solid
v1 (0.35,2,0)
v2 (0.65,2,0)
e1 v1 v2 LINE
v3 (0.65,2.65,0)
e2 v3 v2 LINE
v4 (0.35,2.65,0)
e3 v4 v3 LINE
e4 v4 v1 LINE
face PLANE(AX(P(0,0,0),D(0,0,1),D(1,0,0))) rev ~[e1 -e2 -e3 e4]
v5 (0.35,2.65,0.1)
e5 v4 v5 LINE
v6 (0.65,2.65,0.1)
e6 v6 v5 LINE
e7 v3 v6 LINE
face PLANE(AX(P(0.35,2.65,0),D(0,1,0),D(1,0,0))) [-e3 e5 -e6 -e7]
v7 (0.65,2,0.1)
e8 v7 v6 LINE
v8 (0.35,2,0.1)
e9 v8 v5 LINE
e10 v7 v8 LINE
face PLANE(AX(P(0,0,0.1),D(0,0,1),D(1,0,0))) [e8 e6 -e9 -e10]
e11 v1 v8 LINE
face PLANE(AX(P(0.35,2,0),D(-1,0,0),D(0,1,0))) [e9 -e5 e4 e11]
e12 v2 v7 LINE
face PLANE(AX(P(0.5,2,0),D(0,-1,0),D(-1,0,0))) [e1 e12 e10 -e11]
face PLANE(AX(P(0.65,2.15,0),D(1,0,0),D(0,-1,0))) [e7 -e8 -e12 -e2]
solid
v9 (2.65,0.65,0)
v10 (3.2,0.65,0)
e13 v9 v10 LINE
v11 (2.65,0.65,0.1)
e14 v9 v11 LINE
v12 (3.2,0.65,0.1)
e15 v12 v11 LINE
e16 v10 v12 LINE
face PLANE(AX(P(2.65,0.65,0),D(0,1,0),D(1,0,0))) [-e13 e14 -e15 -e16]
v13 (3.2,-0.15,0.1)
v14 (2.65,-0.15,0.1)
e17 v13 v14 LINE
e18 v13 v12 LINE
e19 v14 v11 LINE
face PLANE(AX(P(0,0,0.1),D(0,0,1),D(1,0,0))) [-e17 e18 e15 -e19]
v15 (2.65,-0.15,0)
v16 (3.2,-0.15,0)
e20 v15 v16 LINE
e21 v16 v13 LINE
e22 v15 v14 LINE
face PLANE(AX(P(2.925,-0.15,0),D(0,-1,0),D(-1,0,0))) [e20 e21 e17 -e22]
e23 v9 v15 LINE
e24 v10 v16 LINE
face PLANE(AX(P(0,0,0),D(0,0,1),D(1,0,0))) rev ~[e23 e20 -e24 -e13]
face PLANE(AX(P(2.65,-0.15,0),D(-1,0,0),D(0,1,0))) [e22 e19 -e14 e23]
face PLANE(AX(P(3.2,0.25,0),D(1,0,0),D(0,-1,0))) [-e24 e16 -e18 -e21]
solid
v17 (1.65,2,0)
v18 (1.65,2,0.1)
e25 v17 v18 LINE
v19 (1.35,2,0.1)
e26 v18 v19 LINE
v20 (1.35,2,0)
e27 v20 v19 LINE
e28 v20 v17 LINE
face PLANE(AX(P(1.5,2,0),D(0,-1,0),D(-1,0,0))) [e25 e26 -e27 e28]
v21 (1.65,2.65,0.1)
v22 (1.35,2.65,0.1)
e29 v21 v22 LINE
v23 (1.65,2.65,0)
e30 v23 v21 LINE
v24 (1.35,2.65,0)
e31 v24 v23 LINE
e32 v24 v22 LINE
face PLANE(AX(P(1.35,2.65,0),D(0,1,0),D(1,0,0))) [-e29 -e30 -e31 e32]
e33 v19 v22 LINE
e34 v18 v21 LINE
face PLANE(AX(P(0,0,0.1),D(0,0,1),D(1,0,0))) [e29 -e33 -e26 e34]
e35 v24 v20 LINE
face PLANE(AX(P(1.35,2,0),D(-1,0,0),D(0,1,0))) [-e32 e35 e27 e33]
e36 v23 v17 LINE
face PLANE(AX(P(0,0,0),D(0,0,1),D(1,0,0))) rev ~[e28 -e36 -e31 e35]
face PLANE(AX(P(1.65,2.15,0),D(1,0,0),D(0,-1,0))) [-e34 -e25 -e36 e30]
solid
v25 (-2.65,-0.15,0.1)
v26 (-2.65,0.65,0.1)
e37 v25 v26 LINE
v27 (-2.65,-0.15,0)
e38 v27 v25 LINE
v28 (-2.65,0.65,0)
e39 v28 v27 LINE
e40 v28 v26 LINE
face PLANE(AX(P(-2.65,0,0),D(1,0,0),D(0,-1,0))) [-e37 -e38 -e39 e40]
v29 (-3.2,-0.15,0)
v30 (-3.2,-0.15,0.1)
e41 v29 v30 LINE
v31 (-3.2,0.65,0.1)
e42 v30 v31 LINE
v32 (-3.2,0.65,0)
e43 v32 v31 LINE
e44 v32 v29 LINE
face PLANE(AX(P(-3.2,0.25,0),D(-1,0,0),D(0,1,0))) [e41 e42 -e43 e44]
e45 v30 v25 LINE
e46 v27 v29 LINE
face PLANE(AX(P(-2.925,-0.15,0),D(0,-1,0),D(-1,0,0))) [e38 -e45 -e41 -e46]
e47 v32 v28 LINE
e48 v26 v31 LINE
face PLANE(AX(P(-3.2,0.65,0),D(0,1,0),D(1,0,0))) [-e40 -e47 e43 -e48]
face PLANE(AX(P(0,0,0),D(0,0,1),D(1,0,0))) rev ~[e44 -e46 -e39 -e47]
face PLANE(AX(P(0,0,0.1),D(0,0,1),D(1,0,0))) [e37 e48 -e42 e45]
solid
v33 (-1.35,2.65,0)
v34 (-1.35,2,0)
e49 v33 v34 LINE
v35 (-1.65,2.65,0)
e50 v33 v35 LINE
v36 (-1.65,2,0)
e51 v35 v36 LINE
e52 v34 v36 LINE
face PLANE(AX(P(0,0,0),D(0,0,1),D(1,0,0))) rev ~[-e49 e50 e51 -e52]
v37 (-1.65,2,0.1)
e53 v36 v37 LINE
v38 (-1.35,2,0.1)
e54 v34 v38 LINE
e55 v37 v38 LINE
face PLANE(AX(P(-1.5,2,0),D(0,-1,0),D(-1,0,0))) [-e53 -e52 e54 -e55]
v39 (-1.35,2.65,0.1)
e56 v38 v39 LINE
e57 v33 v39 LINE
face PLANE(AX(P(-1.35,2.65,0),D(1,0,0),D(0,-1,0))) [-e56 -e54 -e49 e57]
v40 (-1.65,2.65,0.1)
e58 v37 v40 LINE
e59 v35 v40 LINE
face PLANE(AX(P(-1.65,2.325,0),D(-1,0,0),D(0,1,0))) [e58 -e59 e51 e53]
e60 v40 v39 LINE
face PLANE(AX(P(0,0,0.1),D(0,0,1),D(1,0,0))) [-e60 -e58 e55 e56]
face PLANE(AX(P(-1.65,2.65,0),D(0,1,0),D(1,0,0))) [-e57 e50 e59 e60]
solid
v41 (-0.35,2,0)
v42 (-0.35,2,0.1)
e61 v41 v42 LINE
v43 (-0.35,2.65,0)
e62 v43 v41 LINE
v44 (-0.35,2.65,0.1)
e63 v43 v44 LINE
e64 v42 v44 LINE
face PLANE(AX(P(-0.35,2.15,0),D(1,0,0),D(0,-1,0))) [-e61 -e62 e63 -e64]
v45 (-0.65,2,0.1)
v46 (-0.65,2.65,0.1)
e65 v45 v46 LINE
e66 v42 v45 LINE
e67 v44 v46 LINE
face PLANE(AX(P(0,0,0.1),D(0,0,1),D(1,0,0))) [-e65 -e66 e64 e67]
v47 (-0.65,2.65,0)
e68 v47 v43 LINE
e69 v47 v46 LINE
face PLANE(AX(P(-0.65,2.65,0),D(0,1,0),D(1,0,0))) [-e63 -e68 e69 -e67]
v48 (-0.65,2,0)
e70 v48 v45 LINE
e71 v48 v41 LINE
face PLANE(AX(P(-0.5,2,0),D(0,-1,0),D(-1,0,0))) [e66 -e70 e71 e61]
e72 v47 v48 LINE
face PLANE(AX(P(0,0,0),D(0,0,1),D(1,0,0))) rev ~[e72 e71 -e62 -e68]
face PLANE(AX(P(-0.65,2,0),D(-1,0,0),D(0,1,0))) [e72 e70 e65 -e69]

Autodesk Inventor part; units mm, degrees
ref_plane "YZ Plane" through (0, 0, 0) normal (1, 0, 0) x (0, 1, 0)
ref_plane "XZ Plane" through (0, 0, 0) normal (0, 1, 0) x (-1, 0, 0)
ref_plane "XY Plane" through (0, 0, 0) normal (0, 0, 1) x (1, 0, 0)
sketch "Sketch1" plane through (0, 0, 0) normal (0, 0, 1) x (1, 0, 0)
  line L0 (-1.65, 2.65) -> (-1.35, 2.65)
  line L1 (-1.35, 2.65) -> (-1.35, 2)
  line L2 (-1.35, 2) -> (-1.65, 2)
  line L3 (-1.65, 2) -> (-1.65, 2.65)
  line L4 (-0.65, 2.65) -> (-0.35, 2.65)
  line L5 (-0.35, 2.65) -> (-0.35, 2)
  line L6 (-0.35, 2) -> (-0.65, 2)
  line L7 (-0.65, 2) -> (-0.65, 2.65)
  line L8 (0.35, 2.65) -> (0.65, 2.65)
  line L9 (0.65, 2.65) -> (0.65, 2)
  line L10 (0.65, 2) -> (0.35, 2)
  line L11 (0.35, 2) -> (0.35, 2.65)
  line L12 (1.35, 2.65) -> (1.65, 2.65)
  line L13 (1.65, 2.65) -> (1.65, 2)
  line L14 (1.65, 2) -> (1.35, 2)
  line L15 (1.35, 2) -> (1.35, 2.65)
  line L16 (-1.5, 2) -> (-1.5, 2.65)
  line L17 (-1.65, 2.325) -> (-1.35, 2.325)
  line L18 (-0.65, 2.325) -> (-0.35, 2.325)
  line L19 (-0.5, 2) -> (-0.5, 2.65)
  line L20 (0.5, 2) -> (0.5, 2.65)
  line L21 (0.35, 2.325) -> (0.65, 2.325)
  line L22 (1.5, 2.65) -> (1.5, 2)
  line L23 (1.35, 2.325) -> (1.65, 2.325)
  line L24 (-3.2, 0.65) -> (-2.65, 0.65)
  line L25 (-2.65, 0.65) -> (-2.65, -0.15)
  line L26 (-2.65, -0.15) -> (-3.2, -0.15)
  line L27 (-3.2, -0.15) -> (-3.2, 0.65)
  line L28 (2.65, 0.65) -> (3.2, 0.65)
  line L29 (3.2, 0.65) -> (3.2, -0.15)
  line L30 (3.2, -0.15) -> (2.65, -0.15)
  line L31 (2.65, -0.15) -> (2.65, 0.65)
  line L32 (-2.925, 0.65) -> (-2.925, -0.15)
  line L33 (-3.2, 0.25) -> (-2.65, 0.25)
  line L34 (2.925, -0.15) -> (2.925, 0.65)
  line L35 (2.65, 0.25) -> (3.2, 0.25)
  line L36 (3.25, 2.15) -> (3.25, 0.5)
  line L37 (3.25, 0.5) -> (3, 0.5)
  line L38 (3, 0.5) -> (3, 0)
  line L39 (3, 0) -> (-3, 0)
  line L40 (-3, 0) -> (-3, 0.5)
  line L41 (-3, 0.5) -> (-3.25, 0.5)
  line L42 (-3.25, 0.5) -> (-3.25, 2.15)
  line L43 (-3.25, 2.15) -> (3.25, 2.15)
  line L44 (0, 0) -> (0, 2.15)
  dimension "d2" = 0.3
  dimension "d3" = 0.65
  dimension "d4" = 0.3
  dimension "d5" = 0.65
  dimension "d6" = 0.3
  dimension "d7" = 0.65
  dimension "d8" = 0.3
  dimension "d9" = 0.65
  dimension "d10" = 1
  dimension "d11" = 1
  dimension "d12" = 1
  dimension "d13" = 0.8
  dimension "d14" = 0.55
  dimension "d15" = 0.55
  dimension "d16" = 0.8
  dimension "d17" = 5.3
  dimension "d18" = 6.5
  dimension "d19" = 2.8
  dimension "d20" = 2.65
  dimension "d22" = 0.15
  dimension "d23" = 0.2
  dimension "d24" = 2.15
  dimension "d25" = 0.15
  dimension "d28" = 0.5
extrude "Extrusion1" add sketch "Sketch1" along normal blind 0.1 contours L0 L16 L17 L3 | L0 L1 L17 L16 | L17 L16 L43 L3 | L17 L1 L43 L16 | L43 L16 L2 L3 | L43 L1 L2 L16 | L43 L19 L6 L7 | L7 L18 L19 L43 | L41 L40 L33 L27 | L27 L24 L32 L33 L40 L41 | L7 L4 L19 L18 | L43 L5 L6 L19 | L19 L18 L5 L43 | L33 L40 L39 L32 L26 L27 | L19 L4 L5 L18 | L33 L32 L39 L40 | L24 L25 L33 L32 | L32 L39 L25 L26 | L33 L25 L39 L32 | L43 L20 L10 L11 | L11 L21 L20 L43 | L11 L8 L20 L21 | L43 L9 L10 L20 | L20 L21 L9 L43 | L39 L34 L30 L31 | L31 L35 L34 L39 | L20 L8 L9 L21 | L31 L28 L34 L35 | L39 L38 L35 L29 L30 L34 | L34 L35 L38 L39 | L43 L22 L14 L15 | L15 L23 L22 L43 | L34 L28 L29 L37 L38 L35 | L15 L12 L22 L23 | L43 L13 L14 L22 | L22 L23 L13 L43 | L38 L37 L29 L35 | L22 L12 L13 L23
equation "\"d15\" = d14"
equation "\"d16\" = d13"
equation "\"d20\" = 0.5 * d17"
equation "\"d28\" = 0.5 * d11"
properties part number "FH33-4S-1SH Land Pattren"
